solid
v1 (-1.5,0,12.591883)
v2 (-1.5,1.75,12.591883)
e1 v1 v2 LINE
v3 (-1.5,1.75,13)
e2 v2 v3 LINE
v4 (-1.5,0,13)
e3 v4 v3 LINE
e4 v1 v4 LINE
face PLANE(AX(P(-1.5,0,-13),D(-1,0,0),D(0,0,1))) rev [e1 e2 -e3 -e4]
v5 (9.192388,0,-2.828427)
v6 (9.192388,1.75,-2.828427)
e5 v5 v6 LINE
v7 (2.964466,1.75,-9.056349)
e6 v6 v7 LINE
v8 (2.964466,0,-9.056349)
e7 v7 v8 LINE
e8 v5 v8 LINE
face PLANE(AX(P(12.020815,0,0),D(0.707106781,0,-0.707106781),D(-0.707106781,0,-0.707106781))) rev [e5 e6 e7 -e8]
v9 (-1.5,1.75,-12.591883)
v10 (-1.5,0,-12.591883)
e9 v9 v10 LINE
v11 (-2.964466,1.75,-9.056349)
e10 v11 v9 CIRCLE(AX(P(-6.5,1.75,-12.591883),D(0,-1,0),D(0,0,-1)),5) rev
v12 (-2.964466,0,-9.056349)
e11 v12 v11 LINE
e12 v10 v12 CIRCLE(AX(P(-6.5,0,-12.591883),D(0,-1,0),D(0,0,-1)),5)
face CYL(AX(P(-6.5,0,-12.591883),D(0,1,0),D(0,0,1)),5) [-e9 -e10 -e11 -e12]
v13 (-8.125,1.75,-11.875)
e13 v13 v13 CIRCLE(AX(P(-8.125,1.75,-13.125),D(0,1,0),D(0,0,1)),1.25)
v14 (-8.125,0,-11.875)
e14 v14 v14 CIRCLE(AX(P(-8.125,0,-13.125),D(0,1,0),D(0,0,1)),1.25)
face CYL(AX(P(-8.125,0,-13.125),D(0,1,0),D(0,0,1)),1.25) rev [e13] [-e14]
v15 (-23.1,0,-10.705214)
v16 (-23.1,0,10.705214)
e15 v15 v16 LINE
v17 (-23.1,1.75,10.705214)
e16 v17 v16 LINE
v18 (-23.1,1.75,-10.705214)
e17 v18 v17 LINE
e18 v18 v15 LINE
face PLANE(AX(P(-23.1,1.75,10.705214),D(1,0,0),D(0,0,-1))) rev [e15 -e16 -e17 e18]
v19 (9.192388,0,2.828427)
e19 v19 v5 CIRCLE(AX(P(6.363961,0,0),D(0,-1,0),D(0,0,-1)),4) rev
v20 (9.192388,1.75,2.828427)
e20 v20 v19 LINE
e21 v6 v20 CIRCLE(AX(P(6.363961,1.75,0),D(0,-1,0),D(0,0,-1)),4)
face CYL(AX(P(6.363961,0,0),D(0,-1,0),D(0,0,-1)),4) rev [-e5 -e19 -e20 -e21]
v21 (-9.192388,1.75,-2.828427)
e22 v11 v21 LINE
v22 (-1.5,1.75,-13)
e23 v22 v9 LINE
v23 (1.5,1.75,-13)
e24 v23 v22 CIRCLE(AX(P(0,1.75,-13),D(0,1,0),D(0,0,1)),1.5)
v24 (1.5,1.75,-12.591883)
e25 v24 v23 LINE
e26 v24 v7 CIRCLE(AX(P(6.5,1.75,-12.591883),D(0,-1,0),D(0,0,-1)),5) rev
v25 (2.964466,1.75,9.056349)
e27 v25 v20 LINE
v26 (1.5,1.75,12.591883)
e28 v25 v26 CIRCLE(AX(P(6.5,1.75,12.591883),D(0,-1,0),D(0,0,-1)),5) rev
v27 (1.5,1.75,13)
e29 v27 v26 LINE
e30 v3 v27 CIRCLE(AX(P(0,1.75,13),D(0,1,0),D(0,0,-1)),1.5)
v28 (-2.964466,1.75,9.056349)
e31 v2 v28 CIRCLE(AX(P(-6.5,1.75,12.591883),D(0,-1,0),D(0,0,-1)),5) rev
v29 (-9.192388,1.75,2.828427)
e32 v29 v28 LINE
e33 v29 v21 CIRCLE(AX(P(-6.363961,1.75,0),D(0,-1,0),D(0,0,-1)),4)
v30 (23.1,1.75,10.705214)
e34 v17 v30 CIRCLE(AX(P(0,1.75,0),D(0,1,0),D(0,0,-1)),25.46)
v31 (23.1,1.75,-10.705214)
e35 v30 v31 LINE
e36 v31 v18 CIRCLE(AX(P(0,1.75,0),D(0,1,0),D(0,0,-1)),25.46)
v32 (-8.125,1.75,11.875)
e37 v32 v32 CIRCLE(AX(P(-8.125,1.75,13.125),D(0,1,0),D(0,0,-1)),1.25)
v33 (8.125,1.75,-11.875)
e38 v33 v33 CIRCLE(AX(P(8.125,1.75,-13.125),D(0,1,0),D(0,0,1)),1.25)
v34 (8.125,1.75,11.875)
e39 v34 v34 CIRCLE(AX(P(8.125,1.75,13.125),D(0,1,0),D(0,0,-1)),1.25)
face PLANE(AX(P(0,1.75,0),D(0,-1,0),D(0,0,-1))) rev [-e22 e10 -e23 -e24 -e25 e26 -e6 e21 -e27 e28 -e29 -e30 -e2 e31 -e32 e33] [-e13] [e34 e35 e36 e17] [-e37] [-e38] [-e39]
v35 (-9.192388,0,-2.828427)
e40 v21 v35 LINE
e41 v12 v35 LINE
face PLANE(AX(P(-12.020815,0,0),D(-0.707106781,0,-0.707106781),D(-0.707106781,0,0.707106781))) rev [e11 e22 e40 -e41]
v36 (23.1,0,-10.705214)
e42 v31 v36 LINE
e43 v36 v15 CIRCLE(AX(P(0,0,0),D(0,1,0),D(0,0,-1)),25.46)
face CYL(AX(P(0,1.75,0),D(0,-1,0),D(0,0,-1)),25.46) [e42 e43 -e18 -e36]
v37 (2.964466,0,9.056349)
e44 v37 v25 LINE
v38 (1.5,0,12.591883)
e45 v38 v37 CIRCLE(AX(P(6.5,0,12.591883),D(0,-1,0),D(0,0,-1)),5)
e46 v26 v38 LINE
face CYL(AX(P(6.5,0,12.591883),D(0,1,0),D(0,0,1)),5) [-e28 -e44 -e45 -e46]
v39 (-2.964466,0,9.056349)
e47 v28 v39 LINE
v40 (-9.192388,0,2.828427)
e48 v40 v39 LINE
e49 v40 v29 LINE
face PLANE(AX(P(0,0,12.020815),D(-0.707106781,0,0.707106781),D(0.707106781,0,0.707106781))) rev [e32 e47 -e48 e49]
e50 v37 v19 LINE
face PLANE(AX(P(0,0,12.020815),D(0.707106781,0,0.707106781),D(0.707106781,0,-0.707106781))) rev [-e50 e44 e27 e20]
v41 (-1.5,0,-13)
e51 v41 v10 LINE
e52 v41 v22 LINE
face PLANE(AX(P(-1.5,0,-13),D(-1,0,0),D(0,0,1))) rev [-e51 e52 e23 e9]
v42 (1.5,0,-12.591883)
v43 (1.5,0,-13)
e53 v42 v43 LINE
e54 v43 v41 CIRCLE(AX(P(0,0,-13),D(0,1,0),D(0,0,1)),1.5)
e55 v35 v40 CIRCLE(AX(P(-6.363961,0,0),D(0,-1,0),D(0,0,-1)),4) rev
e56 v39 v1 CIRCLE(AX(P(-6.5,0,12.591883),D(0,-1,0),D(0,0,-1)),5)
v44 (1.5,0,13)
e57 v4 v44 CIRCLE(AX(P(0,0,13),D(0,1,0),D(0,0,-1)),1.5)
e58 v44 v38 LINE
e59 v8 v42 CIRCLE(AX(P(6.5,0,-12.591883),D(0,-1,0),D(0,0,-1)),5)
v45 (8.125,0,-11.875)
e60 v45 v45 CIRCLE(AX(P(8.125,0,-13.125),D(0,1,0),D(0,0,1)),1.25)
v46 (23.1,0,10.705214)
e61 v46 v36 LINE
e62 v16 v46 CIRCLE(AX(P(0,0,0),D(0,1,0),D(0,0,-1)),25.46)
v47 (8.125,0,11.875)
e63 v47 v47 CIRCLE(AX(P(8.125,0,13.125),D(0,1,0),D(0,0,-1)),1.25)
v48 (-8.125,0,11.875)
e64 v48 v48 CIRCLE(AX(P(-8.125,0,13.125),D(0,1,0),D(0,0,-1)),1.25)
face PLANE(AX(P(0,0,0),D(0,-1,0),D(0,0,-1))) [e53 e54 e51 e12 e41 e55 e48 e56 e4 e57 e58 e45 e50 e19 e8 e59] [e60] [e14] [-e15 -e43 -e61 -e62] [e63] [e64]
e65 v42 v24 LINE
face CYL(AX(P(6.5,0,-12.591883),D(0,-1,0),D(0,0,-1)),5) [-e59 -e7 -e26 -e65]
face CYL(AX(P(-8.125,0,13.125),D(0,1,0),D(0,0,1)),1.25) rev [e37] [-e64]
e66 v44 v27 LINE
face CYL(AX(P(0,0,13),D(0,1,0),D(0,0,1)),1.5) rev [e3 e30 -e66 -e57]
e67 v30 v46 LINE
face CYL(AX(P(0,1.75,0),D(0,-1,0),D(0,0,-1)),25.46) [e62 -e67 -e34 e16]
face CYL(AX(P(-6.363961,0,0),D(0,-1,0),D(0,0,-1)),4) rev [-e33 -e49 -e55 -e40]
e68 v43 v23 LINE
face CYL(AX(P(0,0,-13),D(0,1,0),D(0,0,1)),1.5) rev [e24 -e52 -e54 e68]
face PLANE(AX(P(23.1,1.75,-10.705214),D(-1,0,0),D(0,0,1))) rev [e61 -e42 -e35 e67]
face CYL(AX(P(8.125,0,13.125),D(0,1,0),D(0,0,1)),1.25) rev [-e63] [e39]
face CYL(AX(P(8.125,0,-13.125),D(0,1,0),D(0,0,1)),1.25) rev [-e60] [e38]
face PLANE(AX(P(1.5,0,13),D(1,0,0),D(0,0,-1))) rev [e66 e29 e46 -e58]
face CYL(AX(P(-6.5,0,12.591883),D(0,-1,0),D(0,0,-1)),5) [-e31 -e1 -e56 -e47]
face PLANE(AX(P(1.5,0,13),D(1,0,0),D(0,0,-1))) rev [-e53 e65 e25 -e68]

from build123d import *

# Parameters (mm, degrees)
BOSS_EXTRUDE1_DEPTH = 1.75
CUT_EXTRUDE1_DEPTH  = 2.75
CUT_EXTRUDE2_DEPTH  = 1.75
FILLET2_R           = 5
FILLET1_R           = 4
SKETCH6_R           = 1.25
CUT_EXTRUDE3_DEPTH  = 2.75
CIRPATTERN3_COUNT   = 2


with BuildPart() as part:
    # Sketch1 → Boss-Extrude1 (new body)
    with BuildSketch(Plane(origin=(0, 0, 0), x_dir=(1, 0, 0), z_dir=(0, 1, 0))):
        with BuildLine():
            Line((-23.1, -10.705213683), (-23.1, 10.705213683))
            ThreePointArc((-23.1, 10.705213683), (0, 25.46), (23.1, 10.705213683))
            Line((23.1, 10.705213683), (23.1, -10.705213683))
            ThreePointArc((23.1, -10.705213683), (0, -25.46), (-23.1, -10.705213683))
        make_face()
    extrude(amount=BOSS_EXTRUDE1_DEPTH)

    # Sketch3 → Cut-Extrude1 (cut, through all)
    with BuildSketch(Plane(origin=(0, 1.75, 0), x_dir=(1, 0, 0), z_dir=(0, 1, 0))):
        Polygon((0, -12.02081528), (-12.02081528, 0), (0, 12.02081528), (12.02081528, 0), align=None)
    extrude(amount=-CUT_EXTRUDE1_DEPTH, mode=Mode.SUBTRACT)

    # Sketch4 → Cut-Extrude2 (cut)
    with BuildSketch(Plane(origin=(0, 1.75, 0), x_dir=(1, 0, 0), z_dir=(0, 1, 0))):
        with BuildLine():
            Line((-1.5, 13), (-1.5, -13))
            ThreePointArc((-1.5, -13), (0, -14.5), (1.5, -13))
            Line((1.5, -13), (1.5, 13))
            ThreePointArc((1.5, 13), (0, 14.5), (-1.5, 13))
        make_face()
    extrude(amount=-CUT_EXTRUDE2_DEPTH, mode=Mode.SUBTRACT)

    # Fillet2
    fillet2_edges = [part.edges().sort_by_distance(p)[0] for p in [
        (1.5, 0.875, -10.52081528),
        (-1.5, 0.875, -10.52081528),
        (-1.5, 0.875, 10.52081528),
        (1.5, 0.875, 10.52081528),
    ]]
    fillet(fillet2_edges, radius=FILLET2_R)

    # Fillet1
    fillet1_edges = [part.edges().sort_by_distance(p)[0] for p in [
        (12.02081528, 0.875, 0),
        (-12.02081528, 0.875, 0),
    ]]
    fillet(fillet1_edges, radius=FILLET1_R)

    # Sketch6 → Cut-Extrude3 (cut, through all)
    with BuildSketch(Plane(origin=(0, 1.75, 0), x_dir=(1, 0, 0), z_dir=(0, 1, 0))):
        with Locations((-8.125, 13.125)):
            Circle(SKETCH6_R)
        with Locations((8.125, 13.125)):
            Circle(SKETCH6_R)
    cut_extrude3 = extrude(amount=-CUT_EXTRUDE3_DEPTH, mode=Mode.SUBTRACT)

    # CirPattern3: Cut-Extrude3 ×2 about axis
    cirpattern3_axis = Axis((0, 0, 0), (0, 1, 0))
    for i in range(1, CIRPATTERN3_COUNT):
        add(cut_extrude3.rotate(cirpattern3_axis, i * 360 / CIRPATTERN3_COUNT), mode=Mode.SUBTRACT)


solid = part.part
